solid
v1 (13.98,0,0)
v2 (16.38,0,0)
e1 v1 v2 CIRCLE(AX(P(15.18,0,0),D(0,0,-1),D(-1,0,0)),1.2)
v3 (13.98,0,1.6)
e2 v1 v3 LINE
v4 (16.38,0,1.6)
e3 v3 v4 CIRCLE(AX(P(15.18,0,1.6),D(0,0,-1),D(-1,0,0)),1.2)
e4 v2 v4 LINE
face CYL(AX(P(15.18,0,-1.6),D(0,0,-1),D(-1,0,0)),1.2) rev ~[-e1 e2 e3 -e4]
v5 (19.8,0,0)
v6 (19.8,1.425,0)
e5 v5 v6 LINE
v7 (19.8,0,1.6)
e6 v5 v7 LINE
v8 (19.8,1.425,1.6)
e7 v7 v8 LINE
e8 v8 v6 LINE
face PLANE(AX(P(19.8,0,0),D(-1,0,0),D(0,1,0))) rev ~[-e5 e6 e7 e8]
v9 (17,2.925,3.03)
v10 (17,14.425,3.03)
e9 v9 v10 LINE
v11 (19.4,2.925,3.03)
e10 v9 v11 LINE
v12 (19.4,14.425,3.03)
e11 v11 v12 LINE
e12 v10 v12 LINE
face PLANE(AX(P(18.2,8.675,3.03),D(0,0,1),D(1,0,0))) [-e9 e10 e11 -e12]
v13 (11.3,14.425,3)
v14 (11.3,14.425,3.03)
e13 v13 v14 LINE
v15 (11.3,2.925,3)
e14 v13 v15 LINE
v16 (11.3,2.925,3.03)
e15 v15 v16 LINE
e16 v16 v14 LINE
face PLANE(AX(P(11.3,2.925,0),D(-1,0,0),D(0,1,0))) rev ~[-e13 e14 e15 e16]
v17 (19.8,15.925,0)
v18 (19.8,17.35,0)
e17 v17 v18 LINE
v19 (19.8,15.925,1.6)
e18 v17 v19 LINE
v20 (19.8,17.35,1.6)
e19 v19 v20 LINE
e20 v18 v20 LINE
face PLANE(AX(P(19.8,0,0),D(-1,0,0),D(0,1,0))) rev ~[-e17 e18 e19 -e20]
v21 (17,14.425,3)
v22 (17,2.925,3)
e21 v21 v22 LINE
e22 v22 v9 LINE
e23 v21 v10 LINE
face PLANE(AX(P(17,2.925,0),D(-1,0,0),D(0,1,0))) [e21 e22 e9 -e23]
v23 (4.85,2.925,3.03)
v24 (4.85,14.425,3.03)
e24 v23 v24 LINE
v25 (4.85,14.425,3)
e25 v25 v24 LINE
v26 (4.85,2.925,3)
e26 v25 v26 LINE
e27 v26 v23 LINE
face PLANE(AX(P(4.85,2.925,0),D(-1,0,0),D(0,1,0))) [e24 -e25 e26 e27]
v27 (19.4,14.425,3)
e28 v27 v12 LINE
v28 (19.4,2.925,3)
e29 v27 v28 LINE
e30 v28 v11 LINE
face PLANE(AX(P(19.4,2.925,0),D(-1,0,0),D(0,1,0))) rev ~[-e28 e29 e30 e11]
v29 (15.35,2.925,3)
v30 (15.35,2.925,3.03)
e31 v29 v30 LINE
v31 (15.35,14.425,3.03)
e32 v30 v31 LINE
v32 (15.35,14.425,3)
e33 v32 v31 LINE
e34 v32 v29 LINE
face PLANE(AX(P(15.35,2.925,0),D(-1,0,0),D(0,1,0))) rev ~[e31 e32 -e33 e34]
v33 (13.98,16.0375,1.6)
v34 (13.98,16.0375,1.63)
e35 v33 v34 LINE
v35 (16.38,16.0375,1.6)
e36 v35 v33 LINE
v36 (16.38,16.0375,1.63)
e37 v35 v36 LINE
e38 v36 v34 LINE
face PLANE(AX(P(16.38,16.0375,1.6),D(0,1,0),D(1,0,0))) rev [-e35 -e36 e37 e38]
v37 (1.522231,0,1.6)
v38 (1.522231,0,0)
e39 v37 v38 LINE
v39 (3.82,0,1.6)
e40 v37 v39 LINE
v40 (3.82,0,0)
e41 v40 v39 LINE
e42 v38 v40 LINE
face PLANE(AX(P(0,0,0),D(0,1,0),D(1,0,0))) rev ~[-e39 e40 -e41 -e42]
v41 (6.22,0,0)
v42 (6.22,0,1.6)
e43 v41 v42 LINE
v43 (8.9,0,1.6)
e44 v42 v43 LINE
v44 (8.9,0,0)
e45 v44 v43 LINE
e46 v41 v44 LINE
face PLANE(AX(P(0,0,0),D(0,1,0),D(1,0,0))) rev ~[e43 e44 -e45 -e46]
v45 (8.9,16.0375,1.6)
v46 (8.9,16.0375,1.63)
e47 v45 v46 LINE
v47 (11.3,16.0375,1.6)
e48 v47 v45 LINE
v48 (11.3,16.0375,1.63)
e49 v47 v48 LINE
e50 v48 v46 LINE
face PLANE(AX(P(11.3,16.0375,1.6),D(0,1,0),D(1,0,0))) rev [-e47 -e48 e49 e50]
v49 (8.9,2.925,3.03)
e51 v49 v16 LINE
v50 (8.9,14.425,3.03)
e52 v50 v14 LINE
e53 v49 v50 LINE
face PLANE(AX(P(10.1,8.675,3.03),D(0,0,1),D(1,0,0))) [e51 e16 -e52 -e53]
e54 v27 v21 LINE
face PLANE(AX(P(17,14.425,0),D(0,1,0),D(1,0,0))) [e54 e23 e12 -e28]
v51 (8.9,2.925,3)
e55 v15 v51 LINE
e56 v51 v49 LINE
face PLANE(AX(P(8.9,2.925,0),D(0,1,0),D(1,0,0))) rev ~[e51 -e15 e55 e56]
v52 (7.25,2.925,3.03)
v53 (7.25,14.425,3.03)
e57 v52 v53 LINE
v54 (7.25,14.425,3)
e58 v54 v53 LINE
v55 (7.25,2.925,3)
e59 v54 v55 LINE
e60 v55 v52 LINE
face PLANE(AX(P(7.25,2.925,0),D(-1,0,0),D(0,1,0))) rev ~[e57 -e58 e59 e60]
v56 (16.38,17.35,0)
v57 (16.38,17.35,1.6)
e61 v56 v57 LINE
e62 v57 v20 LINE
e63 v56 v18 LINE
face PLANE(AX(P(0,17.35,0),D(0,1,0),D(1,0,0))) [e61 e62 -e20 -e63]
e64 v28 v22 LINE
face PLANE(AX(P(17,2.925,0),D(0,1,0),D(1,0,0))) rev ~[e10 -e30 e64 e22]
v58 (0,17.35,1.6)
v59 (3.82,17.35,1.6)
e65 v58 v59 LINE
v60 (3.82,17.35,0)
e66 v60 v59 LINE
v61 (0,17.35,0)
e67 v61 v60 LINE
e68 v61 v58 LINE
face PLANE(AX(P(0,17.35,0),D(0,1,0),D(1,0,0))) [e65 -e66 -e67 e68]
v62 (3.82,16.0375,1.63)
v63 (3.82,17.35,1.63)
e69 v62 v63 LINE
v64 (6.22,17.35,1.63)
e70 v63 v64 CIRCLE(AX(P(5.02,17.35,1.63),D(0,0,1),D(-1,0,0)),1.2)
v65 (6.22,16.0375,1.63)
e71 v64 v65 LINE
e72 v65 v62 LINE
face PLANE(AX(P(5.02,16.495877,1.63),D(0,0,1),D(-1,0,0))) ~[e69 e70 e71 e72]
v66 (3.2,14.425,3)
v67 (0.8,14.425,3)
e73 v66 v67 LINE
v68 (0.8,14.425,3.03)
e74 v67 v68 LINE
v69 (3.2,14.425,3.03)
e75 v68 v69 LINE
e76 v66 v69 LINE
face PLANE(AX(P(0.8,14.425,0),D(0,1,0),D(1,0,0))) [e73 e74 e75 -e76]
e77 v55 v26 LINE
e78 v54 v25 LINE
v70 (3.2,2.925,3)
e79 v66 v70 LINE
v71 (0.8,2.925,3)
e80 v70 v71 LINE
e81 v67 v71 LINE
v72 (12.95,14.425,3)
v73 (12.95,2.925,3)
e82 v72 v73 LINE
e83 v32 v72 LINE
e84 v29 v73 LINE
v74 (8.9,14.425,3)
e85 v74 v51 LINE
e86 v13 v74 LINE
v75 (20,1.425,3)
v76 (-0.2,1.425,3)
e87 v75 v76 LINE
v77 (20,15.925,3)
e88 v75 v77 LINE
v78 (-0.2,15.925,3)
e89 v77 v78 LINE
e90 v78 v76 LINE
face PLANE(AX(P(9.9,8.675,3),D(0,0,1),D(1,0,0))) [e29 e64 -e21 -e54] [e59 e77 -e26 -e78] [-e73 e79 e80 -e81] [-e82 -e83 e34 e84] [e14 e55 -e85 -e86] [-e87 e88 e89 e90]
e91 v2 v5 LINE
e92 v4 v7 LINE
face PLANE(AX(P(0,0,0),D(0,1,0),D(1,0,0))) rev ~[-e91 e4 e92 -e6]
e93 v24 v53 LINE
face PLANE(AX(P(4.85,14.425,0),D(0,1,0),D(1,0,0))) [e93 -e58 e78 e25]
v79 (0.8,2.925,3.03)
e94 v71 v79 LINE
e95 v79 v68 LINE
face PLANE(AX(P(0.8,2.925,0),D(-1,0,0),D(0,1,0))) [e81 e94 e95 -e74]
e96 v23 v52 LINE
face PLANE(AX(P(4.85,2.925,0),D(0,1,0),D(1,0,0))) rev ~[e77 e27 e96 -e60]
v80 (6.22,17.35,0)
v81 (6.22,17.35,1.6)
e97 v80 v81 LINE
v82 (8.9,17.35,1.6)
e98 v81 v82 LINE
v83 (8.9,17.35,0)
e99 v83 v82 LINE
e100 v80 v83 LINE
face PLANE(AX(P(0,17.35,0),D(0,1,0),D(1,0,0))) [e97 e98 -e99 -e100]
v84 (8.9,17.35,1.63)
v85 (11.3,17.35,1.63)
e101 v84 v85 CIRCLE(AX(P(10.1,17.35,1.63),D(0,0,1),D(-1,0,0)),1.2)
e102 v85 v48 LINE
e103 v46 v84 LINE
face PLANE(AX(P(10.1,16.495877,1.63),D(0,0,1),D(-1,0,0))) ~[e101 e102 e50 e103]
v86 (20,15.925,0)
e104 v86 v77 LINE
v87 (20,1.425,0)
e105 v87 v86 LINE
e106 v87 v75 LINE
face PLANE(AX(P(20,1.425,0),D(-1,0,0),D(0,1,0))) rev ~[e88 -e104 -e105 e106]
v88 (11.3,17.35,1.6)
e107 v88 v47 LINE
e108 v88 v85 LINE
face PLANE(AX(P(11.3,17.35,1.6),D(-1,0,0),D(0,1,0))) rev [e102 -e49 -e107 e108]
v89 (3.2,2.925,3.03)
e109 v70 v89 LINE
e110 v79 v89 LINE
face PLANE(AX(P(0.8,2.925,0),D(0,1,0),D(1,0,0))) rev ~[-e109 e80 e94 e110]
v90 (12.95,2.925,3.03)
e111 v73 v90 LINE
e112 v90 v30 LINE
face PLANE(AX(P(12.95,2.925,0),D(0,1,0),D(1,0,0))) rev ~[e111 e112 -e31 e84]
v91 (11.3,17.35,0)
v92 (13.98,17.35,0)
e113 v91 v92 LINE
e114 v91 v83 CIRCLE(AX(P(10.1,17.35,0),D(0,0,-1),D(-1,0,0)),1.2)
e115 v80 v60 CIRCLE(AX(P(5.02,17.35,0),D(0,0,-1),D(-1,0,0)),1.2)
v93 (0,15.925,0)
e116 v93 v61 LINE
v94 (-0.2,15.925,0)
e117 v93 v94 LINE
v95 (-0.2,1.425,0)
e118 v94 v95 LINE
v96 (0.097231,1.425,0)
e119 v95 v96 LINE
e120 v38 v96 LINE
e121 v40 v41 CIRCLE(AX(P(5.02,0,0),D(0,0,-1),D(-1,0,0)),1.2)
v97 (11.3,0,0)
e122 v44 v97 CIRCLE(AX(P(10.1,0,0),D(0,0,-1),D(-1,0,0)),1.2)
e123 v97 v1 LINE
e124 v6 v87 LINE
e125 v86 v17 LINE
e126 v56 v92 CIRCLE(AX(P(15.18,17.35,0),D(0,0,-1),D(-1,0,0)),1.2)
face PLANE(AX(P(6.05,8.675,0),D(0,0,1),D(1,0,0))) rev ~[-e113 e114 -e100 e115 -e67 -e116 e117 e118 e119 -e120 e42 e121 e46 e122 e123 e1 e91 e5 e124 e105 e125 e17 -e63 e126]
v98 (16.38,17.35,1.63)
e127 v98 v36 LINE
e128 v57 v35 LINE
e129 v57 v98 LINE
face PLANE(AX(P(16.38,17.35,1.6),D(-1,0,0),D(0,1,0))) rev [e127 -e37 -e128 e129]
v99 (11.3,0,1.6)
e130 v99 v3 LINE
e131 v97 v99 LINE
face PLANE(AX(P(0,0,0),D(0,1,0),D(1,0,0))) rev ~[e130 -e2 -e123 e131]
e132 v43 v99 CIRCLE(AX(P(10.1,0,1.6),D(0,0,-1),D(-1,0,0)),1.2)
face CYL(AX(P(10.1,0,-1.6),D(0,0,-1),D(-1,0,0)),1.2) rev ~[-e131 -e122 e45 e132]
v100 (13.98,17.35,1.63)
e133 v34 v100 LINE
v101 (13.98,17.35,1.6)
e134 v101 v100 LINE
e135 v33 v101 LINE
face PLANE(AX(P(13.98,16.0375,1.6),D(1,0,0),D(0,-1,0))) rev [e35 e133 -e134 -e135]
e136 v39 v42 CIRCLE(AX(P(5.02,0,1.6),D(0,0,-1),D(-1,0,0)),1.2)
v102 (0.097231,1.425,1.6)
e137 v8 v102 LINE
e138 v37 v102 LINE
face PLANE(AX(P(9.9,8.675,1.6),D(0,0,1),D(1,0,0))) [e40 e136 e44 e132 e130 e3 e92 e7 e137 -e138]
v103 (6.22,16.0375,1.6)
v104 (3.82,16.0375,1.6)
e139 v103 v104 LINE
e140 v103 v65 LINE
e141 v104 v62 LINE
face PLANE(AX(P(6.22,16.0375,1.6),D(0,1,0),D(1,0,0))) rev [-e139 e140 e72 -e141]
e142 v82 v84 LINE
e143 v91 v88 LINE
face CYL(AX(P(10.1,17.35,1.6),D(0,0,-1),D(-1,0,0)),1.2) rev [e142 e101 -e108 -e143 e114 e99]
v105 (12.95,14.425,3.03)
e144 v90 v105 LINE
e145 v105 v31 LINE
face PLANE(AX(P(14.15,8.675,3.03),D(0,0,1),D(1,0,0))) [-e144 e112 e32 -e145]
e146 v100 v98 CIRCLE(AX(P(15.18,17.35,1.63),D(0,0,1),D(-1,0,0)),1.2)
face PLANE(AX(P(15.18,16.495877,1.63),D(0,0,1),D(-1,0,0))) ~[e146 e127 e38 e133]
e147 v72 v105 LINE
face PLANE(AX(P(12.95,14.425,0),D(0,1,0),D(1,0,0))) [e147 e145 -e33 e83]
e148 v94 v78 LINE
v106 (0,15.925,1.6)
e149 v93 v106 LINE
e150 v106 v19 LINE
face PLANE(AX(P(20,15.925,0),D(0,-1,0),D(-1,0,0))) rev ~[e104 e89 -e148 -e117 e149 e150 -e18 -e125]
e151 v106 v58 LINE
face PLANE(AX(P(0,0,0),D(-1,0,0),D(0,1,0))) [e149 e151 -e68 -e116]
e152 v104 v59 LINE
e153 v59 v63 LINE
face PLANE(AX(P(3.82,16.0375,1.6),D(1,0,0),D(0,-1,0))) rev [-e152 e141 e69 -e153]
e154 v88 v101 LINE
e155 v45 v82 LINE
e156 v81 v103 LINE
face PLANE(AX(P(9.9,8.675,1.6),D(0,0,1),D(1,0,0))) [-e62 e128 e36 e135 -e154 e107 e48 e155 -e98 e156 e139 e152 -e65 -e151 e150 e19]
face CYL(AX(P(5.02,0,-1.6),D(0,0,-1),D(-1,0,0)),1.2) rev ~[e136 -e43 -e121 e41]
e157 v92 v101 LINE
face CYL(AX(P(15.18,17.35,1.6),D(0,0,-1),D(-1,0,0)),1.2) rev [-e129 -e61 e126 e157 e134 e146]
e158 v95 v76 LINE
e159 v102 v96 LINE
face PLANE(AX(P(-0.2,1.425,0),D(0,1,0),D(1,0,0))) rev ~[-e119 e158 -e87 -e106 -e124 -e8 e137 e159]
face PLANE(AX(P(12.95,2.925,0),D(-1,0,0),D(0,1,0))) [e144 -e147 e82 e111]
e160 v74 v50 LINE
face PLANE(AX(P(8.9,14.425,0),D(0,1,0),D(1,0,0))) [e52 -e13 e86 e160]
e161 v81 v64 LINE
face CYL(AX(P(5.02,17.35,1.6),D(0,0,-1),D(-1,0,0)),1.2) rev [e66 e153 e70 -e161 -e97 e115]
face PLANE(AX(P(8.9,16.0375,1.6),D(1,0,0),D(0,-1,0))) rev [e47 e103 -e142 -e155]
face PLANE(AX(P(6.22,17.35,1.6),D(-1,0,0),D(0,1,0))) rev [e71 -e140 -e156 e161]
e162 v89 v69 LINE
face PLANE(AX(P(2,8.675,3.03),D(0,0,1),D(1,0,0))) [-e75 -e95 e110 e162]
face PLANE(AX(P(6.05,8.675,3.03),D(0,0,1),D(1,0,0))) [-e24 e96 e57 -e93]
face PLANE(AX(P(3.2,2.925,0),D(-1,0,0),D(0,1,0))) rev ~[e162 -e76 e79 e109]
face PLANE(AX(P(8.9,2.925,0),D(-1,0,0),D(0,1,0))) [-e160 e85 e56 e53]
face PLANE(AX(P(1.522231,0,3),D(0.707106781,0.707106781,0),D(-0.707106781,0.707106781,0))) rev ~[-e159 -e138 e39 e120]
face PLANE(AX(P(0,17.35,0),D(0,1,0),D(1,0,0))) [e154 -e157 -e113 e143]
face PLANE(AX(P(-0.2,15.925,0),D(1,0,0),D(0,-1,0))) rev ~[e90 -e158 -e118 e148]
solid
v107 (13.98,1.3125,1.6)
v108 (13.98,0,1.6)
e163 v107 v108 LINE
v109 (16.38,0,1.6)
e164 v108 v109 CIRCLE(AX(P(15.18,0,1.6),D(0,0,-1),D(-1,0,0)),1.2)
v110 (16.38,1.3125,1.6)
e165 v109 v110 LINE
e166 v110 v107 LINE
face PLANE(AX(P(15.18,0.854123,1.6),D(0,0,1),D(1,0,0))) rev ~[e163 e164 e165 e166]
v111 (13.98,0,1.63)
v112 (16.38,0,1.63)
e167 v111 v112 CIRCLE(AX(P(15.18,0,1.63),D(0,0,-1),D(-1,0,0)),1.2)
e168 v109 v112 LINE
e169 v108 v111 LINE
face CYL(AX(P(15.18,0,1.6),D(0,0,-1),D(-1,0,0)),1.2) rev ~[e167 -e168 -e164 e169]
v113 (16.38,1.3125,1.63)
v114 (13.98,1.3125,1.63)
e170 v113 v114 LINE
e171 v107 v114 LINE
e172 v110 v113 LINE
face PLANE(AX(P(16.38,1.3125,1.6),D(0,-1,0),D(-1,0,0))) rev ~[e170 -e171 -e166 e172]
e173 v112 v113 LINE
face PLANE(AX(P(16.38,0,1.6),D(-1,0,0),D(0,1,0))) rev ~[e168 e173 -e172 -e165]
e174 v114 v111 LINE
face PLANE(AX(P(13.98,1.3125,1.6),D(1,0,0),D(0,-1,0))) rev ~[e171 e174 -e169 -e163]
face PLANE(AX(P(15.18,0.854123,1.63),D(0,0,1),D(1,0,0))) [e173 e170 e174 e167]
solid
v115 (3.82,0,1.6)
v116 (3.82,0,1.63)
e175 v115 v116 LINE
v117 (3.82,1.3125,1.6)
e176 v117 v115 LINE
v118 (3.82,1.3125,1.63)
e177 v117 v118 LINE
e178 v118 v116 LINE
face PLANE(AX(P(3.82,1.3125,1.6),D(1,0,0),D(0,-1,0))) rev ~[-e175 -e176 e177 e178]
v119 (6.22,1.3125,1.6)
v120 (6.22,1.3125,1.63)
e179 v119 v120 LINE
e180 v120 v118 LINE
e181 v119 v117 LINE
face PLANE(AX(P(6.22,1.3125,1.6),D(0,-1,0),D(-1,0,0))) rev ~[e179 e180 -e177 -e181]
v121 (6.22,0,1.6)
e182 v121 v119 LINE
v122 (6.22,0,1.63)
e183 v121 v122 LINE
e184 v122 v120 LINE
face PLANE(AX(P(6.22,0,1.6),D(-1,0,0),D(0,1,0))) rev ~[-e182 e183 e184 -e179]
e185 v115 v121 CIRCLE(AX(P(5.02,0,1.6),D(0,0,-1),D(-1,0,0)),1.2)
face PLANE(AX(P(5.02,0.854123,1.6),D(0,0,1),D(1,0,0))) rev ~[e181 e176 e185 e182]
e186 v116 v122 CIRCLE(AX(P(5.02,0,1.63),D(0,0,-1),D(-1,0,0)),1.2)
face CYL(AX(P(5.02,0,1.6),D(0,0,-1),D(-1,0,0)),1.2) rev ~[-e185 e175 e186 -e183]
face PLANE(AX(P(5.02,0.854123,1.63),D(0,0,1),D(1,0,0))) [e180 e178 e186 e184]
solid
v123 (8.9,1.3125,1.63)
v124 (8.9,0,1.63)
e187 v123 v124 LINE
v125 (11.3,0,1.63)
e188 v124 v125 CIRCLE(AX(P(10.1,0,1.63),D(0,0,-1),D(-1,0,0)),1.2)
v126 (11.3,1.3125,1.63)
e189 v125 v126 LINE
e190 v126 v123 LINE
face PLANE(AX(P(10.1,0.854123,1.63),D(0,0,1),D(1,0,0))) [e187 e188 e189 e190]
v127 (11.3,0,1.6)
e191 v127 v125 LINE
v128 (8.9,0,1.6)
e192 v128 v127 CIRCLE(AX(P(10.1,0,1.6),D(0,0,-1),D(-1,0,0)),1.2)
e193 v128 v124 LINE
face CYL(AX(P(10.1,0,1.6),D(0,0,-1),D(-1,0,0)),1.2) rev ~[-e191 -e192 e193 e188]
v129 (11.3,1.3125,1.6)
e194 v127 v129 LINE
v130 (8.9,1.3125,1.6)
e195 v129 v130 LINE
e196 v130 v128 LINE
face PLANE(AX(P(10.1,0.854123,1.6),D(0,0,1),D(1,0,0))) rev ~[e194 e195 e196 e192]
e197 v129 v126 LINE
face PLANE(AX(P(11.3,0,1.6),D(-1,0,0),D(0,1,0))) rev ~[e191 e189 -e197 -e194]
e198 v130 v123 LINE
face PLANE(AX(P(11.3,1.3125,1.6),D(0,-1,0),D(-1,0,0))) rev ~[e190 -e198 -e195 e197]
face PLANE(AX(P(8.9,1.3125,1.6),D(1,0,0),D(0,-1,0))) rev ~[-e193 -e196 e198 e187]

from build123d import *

# Parameters (mm, degrees)
SKETCH1_W             = 19.8
SKETCH1_H             = 17.35
BOSS_EXTRUDE1_DEPTH   = 1.6
CUT_EXTRUDE2_START    = -1.6
CUT_EXTRUDE2_DEPTH    = 4.2
BOSS_EXTRUDE2_DEPTH   = 3
CUT_EXTRUDE3_DEPTH    = 3
BOSS_EXTRUDE7_DEPTH   = 0.03
BOSS_EXTRUDE7_2_DEPTH = 0.03
BOSS_EXTRUDE7_3_DEPTH = 0.03
SKETCH8_W             = 2.4
SKETCH8_H             = 11.5
BOSS_EXTRUDE8_DEPTH   = 3.03
LPATTERN1_COUNT       = 3
LPATTERN1_PITCH       = 4.05
LPATTERN1_COL_COUNT   = 3
LPATTERN1_COL_PITCH   = 4.05


with BuildPart() as part:
    # Sketch1 → Boss-Extrude1 (new body)
    with BuildSketch(Plane.XY):
        with Locations((9.9, 8.675)):
            Rectangle(SKETCH1_W, SKETCH1_H)
    extrude(amount=BOSS_EXTRUDE1_DEPTH)

    # Sketch3 → Cut-Extrude2 (cut)
    with BuildSketch(Plane.XY.offset(CUT_EXTRUDE2_START)):
        with BuildLine():
            ThreePointArc((8.9, 0), (10.1, 1.2), (11.3, 0))
            Line((11.3, 0), (9.9, 0))
            Line((9.9, 0), (8.9, 0))
        make_face()
        with BuildLine():
            ThreePointArc((13.98, 0), (15.18, 1.2), (16.38, 0))
            Line((16.38, 0), (15.18, 0))
            Line((15.18, 0), (13.98, 0))
        make_face()
        with BuildLine():
            ThreePointArc((3.82, 0), (5.02, 1.2), (6.22, 0))
            Line((6.22, 0), (5.02, 0))
            Line((5.02, 0), (3.82, 0))
        make_face()
    cut_extrude2 = extrude(amount=CUT_EXTRUDE2_DEPTH, mode=Mode.SUBTRACT)

    # Mirror1: Cut-Extrude2 across plane
    add(cut_extrude2.mirror(Plane.ZX.offset(8.675)), mode=Mode.SUBTRACT)

    # Sketch4 → Boss-Extrude2 (add)
    with BuildSketch(Plane.XY):
        Polygon((-0.2, 1.425), (19.8, 1.425), (20, 1.425), (20, 15.925), (0, 15.925), (-0.2, 15.925), align=None)
    extrude(amount=BOSS_EXTRUDE2_DEPTH)

    # Sketch6 → Cut-Extrude3 (cut)
    with BuildSketch(Plane.XY.offset(3)):
        Polygon((1.522230631, 0), (0.097230631, 1.425), (0, 1.425), (0, 0), align=None)
    extrude(amount=-CUT_EXTRUDE3_DEPTH, mode=Mode.SUBTRACT)


with BuildPart() as body_2:
    # Sketch7 → Boss-Extrude7 (new body)
    with BuildSketch(Plane.XY.offset(1.6)):
        with BuildLine():
            Line((3.82, 1.3125), (3.82, 0))
            ThreePointArc((3.82, 0), (5.02, 1.2), (6.22, 0))
            Line((6.22, 0), (6.22, 1.3125))
            Line((6.22, 1.3125), (3.82, 1.3125))
        make_face()
    boss_extrude7 = extrude(amount=BOSS_EXTRUDE7_DEPTH)


with BuildPart() as body_3:
    # Sketch7 → Boss-Extrude7 2 (new body)
    with BuildSketch(Plane.XY.offset(1.6)):
        with BuildLine():
            Line((8.9, 1.3125), (8.9, 0))
            ThreePointArc((8.9, 0), (10.1, 1.2), (11.3, 0))
            Line((11.3, 0), (11.3, 1.3125))
            Line((11.3, 1.3125), (8.9, 1.3125))
        make_face()
    boss_extrude7_2 = extrude(amount=BOSS_EXTRUDE7_2_DEPTH)


with BuildPart() as body_4:
    # Sketch7 → Boss-Extrude7 3 (new body)
    with BuildSketch(Plane.XY.offset(1.6)):
        with BuildLine():
            Line((13.98, 1.3125), (13.98, 0))
            ThreePointArc((13.98, 0), (15.18, 1.2), (16.38, 0))
            Line((16.38, 0), (16.38, 1.3125))
            Line((16.38, 1.3125), (13.98, 1.3125))
        make_face()
    boss_extrude7_3 = extrude(amount=BOSS_EXTRUDE7_3_DEPTH)


with BuildPart() as part_1:
    add(part.part)

    # Mirror2: Boss-Extrude7, Boss-Extrude7 2, Boss-Extrude7 3 across plane
    add(boss_extrude7.mirror(Plane.ZX.offset(8.675)))
    add(boss_extrude7_2.mirror(Plane.ZX.offset(8.675)))
    add(boss_extrude7_3.mirror(Plane.ZX.offset(8.675)))

    # Sketch8 → Boss-Extrude8 (add)
    with BuildSketch(Plane.XY):
        with Locations((10.1, 8.675)):
            Rectangle(SKETCH8_W, SKETCH8_H)
    boss_extrude8 = extrude(amount=BOSS_EXTRUDE8_DEPTH)

    # LPattern1: Boss-Extrude8 ×3
    with Locations(*[(i * LPATTERN1_PITCH, 0, 0) for i in range(1, LPATTERN1_COUNT)]):
        add(boss_extrude8)

    # LPattern1 col: Boss-Extrude8 ×3
    with Locations(*[(-i * LPATTERN1_COL_PITCH, 0, 0) for i in range(1, LPATTERN1_COL_COUNT)]):
        add(boss_extrude8)


solid = Compound([body_2.part, body_3.part, body_4.part, part_1.part])
